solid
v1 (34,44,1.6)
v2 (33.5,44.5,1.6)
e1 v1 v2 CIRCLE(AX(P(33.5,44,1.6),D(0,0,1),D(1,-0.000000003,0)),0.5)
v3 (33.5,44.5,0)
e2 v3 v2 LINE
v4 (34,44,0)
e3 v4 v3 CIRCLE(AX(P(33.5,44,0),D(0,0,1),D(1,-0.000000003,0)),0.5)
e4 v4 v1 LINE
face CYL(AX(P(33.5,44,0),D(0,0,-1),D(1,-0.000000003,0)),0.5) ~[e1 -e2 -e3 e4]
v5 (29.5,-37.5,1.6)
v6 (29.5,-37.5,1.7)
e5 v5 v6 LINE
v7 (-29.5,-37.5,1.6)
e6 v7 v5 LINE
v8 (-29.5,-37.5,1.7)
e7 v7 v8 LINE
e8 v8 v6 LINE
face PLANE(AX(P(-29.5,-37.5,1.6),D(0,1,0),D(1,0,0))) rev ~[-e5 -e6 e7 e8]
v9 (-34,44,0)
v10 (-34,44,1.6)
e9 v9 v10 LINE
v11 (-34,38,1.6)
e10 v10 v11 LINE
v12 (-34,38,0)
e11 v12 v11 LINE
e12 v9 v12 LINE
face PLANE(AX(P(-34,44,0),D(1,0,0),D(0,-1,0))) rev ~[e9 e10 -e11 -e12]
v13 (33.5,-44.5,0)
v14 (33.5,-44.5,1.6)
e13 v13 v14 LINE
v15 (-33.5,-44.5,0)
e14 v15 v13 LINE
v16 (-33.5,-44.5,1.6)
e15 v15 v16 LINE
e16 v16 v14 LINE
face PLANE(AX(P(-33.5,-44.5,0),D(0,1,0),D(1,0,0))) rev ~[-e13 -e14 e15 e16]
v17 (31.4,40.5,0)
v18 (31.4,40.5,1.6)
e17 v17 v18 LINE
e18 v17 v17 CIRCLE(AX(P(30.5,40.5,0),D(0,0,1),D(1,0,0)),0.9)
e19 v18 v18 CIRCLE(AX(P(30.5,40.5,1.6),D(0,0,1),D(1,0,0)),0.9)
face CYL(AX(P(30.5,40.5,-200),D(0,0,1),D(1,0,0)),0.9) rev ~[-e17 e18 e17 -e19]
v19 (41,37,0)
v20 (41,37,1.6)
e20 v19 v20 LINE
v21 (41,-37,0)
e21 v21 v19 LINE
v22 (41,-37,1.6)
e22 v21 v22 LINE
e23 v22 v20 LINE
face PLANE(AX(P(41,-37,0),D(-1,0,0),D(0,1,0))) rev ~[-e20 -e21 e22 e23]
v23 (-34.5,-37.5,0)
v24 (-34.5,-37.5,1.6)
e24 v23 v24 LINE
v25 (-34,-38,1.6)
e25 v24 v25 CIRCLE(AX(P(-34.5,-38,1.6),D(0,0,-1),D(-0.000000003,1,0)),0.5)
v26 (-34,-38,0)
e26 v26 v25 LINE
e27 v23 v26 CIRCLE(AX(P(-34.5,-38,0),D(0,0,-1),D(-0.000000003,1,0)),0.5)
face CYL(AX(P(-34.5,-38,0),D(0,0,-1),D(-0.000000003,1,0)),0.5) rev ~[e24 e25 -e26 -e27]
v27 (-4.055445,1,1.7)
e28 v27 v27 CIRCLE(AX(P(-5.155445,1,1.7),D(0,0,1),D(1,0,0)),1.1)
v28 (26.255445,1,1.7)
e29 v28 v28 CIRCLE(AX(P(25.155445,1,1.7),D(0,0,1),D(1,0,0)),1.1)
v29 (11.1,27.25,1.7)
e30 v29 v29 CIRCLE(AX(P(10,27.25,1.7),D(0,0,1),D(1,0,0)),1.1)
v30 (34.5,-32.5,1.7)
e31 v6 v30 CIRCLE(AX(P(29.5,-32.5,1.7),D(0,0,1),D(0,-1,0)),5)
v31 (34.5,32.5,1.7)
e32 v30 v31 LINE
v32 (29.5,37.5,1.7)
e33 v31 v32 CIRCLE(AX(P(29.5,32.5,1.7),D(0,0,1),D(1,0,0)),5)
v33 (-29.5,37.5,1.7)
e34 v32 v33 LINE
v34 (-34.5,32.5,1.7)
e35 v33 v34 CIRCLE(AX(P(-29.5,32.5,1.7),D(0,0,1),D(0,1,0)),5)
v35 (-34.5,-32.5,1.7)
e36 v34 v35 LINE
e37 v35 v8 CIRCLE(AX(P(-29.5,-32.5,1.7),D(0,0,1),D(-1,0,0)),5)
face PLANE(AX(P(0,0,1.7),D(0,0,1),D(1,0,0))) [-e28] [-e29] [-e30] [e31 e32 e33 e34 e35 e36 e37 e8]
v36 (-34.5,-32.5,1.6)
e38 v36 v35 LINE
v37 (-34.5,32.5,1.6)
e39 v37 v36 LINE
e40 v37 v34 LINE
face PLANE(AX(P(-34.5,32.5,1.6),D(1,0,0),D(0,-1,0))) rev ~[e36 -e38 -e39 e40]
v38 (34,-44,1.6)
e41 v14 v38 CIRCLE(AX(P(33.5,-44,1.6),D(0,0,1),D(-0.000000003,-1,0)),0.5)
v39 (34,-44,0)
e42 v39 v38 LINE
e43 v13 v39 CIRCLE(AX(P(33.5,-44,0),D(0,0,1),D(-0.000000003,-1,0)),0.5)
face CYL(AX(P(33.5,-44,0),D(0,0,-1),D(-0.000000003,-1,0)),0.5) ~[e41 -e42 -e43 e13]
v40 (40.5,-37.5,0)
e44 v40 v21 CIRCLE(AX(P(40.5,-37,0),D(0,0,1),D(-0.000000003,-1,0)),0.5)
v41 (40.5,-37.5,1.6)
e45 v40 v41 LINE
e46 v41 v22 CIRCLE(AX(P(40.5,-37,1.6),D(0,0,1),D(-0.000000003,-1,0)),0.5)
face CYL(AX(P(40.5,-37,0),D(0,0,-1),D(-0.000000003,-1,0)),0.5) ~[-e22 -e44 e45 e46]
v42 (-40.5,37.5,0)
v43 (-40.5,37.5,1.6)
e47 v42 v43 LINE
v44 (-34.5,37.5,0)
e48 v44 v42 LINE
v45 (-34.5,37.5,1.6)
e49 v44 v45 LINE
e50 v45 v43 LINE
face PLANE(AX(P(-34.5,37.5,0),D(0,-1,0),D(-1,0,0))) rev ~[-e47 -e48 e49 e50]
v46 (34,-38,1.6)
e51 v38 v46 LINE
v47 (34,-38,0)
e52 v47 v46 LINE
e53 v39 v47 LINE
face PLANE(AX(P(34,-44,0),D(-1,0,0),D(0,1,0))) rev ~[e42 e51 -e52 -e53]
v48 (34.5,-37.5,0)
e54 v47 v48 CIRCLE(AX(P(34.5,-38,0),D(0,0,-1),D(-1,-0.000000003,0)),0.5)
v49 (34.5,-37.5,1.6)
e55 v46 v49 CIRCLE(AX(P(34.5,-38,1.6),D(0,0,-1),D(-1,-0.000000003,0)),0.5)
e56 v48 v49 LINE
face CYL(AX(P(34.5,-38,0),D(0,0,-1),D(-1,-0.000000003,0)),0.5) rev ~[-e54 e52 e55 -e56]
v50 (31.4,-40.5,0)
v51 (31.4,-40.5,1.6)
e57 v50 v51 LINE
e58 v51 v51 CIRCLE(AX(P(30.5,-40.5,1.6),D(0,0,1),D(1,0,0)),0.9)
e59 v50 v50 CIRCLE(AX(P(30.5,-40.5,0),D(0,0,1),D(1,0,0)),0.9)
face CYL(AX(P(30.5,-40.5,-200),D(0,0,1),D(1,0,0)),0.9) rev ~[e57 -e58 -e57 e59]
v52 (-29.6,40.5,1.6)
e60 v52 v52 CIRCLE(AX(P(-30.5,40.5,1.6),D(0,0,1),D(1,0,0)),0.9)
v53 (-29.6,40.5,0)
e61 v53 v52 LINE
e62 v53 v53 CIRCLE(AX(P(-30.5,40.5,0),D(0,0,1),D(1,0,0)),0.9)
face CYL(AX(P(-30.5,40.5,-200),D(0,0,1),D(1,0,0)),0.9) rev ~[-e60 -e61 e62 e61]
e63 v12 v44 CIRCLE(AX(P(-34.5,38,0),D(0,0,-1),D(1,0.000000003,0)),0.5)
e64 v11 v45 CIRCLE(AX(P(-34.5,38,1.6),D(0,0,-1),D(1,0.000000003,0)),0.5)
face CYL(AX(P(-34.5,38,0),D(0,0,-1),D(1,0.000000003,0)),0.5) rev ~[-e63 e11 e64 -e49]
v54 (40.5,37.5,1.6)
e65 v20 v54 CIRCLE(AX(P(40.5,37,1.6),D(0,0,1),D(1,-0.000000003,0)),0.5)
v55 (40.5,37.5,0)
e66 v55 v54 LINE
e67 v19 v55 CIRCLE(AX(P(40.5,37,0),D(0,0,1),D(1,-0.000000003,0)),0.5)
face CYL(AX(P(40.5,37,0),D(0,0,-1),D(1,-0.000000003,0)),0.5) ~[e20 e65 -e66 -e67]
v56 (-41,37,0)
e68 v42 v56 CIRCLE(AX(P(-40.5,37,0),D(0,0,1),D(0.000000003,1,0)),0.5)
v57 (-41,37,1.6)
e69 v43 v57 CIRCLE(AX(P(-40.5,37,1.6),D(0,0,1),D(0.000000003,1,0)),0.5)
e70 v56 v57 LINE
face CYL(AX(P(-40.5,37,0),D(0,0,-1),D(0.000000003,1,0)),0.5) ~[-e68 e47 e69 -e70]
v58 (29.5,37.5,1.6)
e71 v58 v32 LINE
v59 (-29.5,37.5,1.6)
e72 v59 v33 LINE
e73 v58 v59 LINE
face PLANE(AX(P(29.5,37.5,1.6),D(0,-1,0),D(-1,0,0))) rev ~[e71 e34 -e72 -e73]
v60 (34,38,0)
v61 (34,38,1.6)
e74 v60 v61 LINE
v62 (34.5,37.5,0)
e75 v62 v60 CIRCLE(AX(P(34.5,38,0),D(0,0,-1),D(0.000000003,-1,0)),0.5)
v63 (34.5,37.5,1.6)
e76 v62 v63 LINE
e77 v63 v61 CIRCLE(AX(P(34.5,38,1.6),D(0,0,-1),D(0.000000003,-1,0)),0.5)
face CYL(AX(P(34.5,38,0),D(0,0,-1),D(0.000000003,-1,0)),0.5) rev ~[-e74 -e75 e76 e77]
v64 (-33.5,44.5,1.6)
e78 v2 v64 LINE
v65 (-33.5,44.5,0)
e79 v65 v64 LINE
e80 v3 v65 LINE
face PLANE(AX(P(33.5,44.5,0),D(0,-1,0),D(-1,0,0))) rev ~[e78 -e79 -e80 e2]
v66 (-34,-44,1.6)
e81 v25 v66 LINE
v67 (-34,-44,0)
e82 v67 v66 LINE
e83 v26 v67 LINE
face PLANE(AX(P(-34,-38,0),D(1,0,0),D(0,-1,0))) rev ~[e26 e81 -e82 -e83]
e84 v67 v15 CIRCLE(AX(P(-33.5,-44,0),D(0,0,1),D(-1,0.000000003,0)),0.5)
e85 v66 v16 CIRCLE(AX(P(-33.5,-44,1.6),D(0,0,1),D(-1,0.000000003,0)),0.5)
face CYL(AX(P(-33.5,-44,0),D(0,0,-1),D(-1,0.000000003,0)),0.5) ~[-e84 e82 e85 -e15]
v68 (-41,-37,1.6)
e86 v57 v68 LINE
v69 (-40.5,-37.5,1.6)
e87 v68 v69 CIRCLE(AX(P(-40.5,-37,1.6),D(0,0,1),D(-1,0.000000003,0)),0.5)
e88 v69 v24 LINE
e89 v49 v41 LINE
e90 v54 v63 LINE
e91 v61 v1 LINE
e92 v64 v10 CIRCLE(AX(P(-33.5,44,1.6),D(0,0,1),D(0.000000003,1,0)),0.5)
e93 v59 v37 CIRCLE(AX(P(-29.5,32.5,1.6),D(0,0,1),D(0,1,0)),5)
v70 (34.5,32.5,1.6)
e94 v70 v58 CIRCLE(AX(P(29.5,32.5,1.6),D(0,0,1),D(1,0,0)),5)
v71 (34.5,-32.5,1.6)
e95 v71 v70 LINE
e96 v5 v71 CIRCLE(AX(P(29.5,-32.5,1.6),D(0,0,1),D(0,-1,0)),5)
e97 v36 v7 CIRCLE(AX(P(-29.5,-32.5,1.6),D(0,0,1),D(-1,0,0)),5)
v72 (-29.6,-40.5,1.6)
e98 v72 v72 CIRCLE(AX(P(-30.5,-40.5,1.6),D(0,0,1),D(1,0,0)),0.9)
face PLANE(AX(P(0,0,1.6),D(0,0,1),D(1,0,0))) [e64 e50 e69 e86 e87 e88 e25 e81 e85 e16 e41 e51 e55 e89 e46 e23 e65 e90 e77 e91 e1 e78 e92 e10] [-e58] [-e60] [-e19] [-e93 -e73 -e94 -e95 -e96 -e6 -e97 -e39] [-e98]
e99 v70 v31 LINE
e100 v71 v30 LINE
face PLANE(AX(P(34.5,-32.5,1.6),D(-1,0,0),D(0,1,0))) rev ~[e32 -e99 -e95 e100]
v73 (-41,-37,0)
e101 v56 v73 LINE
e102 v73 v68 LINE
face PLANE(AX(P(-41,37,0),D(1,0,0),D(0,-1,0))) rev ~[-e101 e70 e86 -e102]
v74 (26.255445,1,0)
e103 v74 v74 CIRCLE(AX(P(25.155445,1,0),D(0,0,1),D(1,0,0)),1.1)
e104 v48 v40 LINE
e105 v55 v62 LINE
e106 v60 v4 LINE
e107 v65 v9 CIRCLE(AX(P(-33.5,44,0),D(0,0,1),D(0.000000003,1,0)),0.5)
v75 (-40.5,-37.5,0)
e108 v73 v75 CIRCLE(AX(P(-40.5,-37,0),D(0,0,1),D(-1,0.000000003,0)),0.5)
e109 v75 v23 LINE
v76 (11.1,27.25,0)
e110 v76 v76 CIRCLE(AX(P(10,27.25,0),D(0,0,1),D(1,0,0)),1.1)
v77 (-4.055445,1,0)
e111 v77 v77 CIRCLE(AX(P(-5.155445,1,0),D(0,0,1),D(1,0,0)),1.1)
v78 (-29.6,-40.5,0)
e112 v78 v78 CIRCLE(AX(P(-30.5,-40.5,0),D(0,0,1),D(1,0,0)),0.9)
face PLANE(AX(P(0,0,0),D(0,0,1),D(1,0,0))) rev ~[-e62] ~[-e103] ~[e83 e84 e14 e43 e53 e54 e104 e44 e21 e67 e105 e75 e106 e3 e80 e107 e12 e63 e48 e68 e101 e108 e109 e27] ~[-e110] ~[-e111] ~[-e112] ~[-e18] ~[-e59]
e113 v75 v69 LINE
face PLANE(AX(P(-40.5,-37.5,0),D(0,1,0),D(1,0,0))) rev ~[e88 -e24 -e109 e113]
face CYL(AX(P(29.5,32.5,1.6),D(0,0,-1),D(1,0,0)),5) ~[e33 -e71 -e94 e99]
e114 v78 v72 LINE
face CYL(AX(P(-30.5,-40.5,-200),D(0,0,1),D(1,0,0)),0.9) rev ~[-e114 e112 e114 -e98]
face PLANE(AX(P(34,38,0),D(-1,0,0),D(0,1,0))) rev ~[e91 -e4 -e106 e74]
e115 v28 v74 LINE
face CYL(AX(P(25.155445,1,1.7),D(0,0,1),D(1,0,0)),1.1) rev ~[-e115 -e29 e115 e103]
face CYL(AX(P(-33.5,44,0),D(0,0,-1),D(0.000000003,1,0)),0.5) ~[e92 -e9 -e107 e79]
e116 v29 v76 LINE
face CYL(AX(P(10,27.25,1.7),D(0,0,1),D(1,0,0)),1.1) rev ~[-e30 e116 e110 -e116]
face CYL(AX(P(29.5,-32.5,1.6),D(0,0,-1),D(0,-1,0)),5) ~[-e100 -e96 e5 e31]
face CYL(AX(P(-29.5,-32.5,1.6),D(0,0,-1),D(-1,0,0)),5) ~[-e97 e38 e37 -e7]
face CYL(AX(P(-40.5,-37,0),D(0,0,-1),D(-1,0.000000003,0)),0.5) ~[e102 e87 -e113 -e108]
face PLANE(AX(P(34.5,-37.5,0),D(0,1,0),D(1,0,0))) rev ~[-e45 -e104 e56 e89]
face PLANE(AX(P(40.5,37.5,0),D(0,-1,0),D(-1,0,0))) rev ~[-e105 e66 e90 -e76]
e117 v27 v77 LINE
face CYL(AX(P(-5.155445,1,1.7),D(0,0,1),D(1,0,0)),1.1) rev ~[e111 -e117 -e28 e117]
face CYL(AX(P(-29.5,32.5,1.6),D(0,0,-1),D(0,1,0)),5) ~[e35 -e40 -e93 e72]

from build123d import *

# Parameters (mm, degrees)
BOSS_EXTRUDE1_DEPTH              = 1.6
BOSS_EXTRUDE2_DEPTH              = 0.1
M1_6_HOLE1_FIXINGSTRUCTURE_D     = 1.8
M1_6_HOLE1_FIXINGSTRUCTURE_DEPTH = 200
M1_6_HOLE1_FIXINGSTRUCTURE_TIP   = 0.540774557
SKETCH4_R                        = 1.1
CUT_EXTRUDE1_DEPTH               = 1.7


with BuildPart() as part:
    # Sketch1 → Boss-Extrude1 (new body)
    with BuildSketch(Plane.XY):
        with BuildLine():
            Line((-34, 44), (-34, 38))
            ThreePointArc((-34, 38), (-34.146446609, 37.646446609), (-34.5, 37.5))
            Line((-34.5, 37.5), (-40.5, 37.5))
            ThreePointArc((-40.5, 37.5), (-40.853553391, 37.353553391), (-41, 37))
            Line((-41, 37), (-41, -37))
            ThreePointArc((-41, -37), (-40.853553391, -37.353553391), (-40.5, -37.5))
            Line((-40.5, -37.5), (-34.5, -37.5))
            ThreePointArc((-34.5, -37.5), (-34.146446609, -37.646446609), (-34, -38))
            Line((-34, -38), (-34, -44))
            ThreePointArc((-34, -44), (-33.853553391, -44.353553391), (-33.5, -44.5))
            Line((-33.5, -44.5), (33.5, -44.5))
            ThreePointArc((33.5, -44.5), (33.853553391, -44.353553391), (34, -44))
            Line((34, -44), (34, -38))
            ThreePointArc((34, -38), (34.146446609, -37.646446609), (34.5, -37.5))
            Line((34.5, -37.5), (40.5, -37.5))
            ThreePointArc((40.5, -37.5), (40.853553391, -37.353553391), (41, -37))
            Line((41, -37), (41, 37))
            ThreePointArc((41, 37), (40.853553391, 37.353553391), (40.5, 37.5))
            Line((40.5, 37.5), (34.5, 37.5))
            ThreePointArc((34.5, 37.5), (34.146446609, 37.646446609), (34, 38))
            Line((34, 38), (34, 44))
            ThreePointArc((34, 44), (33.853553391, 44.353553391), (33.5, 44.5))
            Line((33.5, 44.5), (-33.5, 44.5))
            ThreePointArc((-33.5, 44.5), (-33.853553391, 44.353553391), (-34, 44))
        make_face()
    extrude(amount=BOSS_EXTRUDE1_DEPTH)

    # Esboço1 → Boss-Extrude2 (add)
    with BuildSketch(Plane.XY.offset(1.6)):
        with BuildLine():
            Line((-29.5, -37.5), (29.5, -37.5))
            ThreePointArc((29.5, -37.5), (33.035533906, -36.035533906), (34.5, -32.5))
            Line((34.5, -32.5), (34.5, 32.5))
            ThreePointArc((34.5, 32.5), (33.035533906, 36.035533906), (29.5, 37.5))
            Line((29.5, 37.5), (-29.5, 37.5))
            ThreePointArc((-29.5, 37.5), (-33.035533906, 36.035533906), (-34.5, 32.5))
            Line((-34.5, 32.5), (-34.5, -32.5))
            ThreePointArc((-34.5, -32.5), (-33.035533906, -36.035533906), (-29.5, -37.5))
        make_face()
    extrude(amount=BOSS_EXTRUDE2_DEPTH)

    # M1.6 Hole1-FixingStructure
    with Locations(Plane(origin=(0, 0, 0), x_dir=(-1, 0, 0), z_dir=(0, 0, -1))):
        with Locations((-30.5, 40.5), (30.5, 40.5), (-30.5, -40.5), (30.5, -40.5)):
            Hole(M1_6_HOLE1_FIXINGSTRUCTURE_D / 2, depth=M1_6_HOLE1_FIXINGSTRUCTURE_DEPTH)
            with Locations((0, 0, -(M1_6_HOLE1_FIXINGSTRUCTURE_DEPTH + M1_6_HOLE1_FIXINGSTRUCTURE_TIP / 2))):  # 118° drill point
                Cone(0, M1_6_HOLE1_FIXINGSTRUCTURE_D / 2, M1_6_HOLE1_FIXINGSTRUCTURE_TIP, mode=Mode.SUBTRACT)

    # Sketch4 → Cut-Extrude1 (cut)
    with BuildSketch(Plane.XY.offset(1.7)):
        with Locations((25.155444566, 1)):
            Circle(SKETCH4_R)
        with Locations((10, 27.25)):
            Circle(SKETCH4_R)
        with Locations((-5.155444566, 1)):
            Circle(SKETCH4_R)
    extrude(amount=-CUT_EXTRUDE1_DEPTH, mode=Mode.SUBTRACT)


solid = part.part
